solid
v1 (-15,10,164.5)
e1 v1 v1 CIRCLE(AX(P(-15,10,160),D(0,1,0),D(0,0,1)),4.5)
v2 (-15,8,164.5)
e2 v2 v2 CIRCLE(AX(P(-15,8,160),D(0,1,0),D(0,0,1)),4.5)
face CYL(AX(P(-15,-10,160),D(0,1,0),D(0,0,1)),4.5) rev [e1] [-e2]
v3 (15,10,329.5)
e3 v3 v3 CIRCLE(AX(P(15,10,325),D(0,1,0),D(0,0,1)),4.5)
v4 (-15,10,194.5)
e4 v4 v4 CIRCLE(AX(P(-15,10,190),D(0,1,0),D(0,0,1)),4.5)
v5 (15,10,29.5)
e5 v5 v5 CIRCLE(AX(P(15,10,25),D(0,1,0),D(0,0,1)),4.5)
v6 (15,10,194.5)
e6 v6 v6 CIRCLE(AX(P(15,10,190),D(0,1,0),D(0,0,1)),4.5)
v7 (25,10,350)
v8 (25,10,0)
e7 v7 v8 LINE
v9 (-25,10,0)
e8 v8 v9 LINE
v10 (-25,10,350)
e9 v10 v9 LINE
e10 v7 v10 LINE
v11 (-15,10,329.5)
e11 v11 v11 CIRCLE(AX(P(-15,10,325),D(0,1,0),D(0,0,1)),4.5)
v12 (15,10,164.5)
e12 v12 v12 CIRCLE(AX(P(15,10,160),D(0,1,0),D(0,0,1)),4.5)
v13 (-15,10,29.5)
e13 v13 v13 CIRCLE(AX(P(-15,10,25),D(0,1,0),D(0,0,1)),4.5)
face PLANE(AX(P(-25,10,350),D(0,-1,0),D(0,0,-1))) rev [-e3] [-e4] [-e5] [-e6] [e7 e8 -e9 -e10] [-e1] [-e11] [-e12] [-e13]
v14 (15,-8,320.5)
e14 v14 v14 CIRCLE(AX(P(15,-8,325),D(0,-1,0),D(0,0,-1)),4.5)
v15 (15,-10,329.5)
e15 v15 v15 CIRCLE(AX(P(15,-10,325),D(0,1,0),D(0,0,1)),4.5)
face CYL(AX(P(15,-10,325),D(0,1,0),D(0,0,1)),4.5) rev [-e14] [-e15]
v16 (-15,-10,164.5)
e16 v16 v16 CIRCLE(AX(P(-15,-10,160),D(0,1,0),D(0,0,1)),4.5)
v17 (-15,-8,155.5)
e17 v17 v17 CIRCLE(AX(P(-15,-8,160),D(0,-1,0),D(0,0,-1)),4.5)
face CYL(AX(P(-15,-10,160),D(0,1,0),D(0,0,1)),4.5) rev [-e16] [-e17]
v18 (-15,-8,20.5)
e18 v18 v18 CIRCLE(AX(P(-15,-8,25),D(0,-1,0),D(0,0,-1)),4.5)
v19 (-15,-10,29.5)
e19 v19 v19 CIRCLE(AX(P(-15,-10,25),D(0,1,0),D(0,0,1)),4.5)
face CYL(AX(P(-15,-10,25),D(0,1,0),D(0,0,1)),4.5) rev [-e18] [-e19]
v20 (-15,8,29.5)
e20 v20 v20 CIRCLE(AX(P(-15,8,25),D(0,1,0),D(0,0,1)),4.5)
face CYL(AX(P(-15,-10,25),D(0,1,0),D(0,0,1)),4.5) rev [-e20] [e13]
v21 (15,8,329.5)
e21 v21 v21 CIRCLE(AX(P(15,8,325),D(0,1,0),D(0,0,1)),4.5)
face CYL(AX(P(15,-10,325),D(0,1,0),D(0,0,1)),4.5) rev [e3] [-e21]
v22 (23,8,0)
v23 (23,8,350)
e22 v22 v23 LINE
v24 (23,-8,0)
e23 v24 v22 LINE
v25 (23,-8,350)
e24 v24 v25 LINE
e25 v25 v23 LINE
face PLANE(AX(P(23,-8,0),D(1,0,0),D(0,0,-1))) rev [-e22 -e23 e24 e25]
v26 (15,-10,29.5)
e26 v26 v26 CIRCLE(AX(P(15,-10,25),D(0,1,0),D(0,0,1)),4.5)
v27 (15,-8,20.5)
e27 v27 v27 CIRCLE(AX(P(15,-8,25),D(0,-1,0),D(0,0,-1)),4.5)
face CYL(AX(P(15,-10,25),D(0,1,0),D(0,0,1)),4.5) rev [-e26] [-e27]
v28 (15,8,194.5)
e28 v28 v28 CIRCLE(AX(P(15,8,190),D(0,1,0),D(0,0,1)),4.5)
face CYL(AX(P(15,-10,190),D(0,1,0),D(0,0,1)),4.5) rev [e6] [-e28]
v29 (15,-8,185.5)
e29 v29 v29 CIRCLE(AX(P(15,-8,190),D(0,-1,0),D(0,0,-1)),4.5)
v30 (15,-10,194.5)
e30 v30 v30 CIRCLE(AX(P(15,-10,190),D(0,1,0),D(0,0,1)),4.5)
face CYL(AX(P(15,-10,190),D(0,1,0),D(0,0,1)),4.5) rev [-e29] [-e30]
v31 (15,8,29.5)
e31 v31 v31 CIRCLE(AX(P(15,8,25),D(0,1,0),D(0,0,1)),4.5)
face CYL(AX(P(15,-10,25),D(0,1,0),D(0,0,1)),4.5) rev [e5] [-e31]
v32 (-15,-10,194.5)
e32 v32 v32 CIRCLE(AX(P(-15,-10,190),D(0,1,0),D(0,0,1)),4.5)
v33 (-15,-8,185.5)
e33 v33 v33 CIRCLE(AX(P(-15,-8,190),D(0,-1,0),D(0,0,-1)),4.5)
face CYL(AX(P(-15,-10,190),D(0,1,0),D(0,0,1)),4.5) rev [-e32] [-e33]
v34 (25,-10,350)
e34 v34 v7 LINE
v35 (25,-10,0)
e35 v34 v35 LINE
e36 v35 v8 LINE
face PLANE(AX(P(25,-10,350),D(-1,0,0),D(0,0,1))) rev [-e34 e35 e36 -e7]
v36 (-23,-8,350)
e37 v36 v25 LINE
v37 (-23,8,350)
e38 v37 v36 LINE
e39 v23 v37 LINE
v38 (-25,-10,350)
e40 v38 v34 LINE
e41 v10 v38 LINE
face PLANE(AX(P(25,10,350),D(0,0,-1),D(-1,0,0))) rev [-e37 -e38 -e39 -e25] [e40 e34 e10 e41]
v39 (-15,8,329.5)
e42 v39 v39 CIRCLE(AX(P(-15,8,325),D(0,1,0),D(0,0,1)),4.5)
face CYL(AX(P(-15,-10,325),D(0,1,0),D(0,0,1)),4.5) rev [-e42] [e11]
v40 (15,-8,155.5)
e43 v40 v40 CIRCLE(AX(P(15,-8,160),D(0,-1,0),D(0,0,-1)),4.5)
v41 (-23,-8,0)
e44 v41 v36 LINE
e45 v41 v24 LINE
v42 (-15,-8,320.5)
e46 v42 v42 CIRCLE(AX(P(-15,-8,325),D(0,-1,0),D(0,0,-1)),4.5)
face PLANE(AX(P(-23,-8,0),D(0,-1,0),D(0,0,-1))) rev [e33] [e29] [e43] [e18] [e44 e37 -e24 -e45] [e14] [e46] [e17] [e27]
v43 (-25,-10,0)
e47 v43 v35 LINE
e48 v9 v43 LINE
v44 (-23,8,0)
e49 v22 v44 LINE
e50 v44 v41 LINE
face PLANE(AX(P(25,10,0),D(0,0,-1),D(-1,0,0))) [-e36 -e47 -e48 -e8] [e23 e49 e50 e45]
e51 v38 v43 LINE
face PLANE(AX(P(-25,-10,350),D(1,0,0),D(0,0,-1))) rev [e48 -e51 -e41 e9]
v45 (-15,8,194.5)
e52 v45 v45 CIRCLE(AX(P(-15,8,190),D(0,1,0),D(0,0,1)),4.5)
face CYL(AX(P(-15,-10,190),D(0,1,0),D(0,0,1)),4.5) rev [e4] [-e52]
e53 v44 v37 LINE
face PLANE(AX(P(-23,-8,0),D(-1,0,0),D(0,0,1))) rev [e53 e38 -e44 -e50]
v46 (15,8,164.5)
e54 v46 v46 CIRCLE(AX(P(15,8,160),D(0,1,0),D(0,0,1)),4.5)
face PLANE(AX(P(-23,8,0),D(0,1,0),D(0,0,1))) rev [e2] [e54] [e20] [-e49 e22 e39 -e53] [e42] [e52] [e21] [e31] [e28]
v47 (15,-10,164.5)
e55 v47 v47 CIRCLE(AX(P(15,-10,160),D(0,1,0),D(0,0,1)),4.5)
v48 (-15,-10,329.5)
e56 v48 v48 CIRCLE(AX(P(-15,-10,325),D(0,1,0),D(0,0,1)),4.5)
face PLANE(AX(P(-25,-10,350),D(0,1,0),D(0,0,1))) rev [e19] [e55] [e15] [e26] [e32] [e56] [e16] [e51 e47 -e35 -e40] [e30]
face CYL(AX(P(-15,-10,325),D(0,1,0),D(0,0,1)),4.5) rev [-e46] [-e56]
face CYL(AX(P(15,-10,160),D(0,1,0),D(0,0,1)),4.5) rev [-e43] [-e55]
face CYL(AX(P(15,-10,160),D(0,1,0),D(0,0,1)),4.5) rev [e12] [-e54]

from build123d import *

# Parameters (mm, degrees)
SKETCH_1_W          = 50
SKETCH_1_H          = 20
EXTRUDE_1_DEPTH     = 350
SKETCH_2_W          = 46
SKETCH_2_H          = 16
CUT_EXTRUDE_1_DEPTH = 352.034186369
SKETCH_3_R          = 4.5
CUT_EXTRUDE_3_DEPTH = 352.461235416


with BuildPart() as part:
    # Эскиз1 → Бобышка-Вытянуть1 (new body)
    with BuildSketch(Plane.XY):
        Rectangle(SKETCH_1_W, SKETCH_1_H)
    extrude(amount=EXTRUDE_1_DEPTH)

    # Эскиз2 → Вырез-Вытянуть1 (cut, through all)
    with BuildSketch(Plane.XY.offset(350)):
        Rectangle(SKETCH_2_W, SKETCH_2_H)
    extrude(amount=-CUT_EXTRUDE_1_DEPTH, mode=Mode.SUBTRACT)

    # Эскиз3 → Вырез-Вытянуть3 (cut, through all)
    with BuildSketch(Plane(origin=(0, 10, 0), x_dir=(-1, 0, 0), z_dir=(0, 1, 0))):
        with Locations(Location((-15, 325, 0), (0, 0, 90))):
            Circle(SKETCH_3_R)
        with Locations(Location((15, 325, 0), (0, 0, 90))):
            Circle(SKETCH_3_R)
        with Locations(Location((-15, 25, 0), (0, 0, 90))):
            Circle(SKETCH_3_R)
        with Locations(Location((15, 25, 0), (0, 0, 90))):
            Circle(SKETCH_3_R)
        with Locations(Location((-15, 160, 0), (0, 0, 90))):
            Circle(SKETCH_3_R)
        with Locations(Location((-15, 190, 0), (0, 0, 90))):
            Circle(SKETCH_3_R)
        with Locations(Location((15, 190, 0), (0, 0, 90))):
            Circle(SKETCH_3_R)
        with Locations(Location((15, 160, 0), (0, 0, 90))):
            Circle(SKETCH_3_R)
    extrude(amount=-CUT_EXTRUDE_3_DEPTH, mode=Mode.SUBTRACT)


solid = part.part
